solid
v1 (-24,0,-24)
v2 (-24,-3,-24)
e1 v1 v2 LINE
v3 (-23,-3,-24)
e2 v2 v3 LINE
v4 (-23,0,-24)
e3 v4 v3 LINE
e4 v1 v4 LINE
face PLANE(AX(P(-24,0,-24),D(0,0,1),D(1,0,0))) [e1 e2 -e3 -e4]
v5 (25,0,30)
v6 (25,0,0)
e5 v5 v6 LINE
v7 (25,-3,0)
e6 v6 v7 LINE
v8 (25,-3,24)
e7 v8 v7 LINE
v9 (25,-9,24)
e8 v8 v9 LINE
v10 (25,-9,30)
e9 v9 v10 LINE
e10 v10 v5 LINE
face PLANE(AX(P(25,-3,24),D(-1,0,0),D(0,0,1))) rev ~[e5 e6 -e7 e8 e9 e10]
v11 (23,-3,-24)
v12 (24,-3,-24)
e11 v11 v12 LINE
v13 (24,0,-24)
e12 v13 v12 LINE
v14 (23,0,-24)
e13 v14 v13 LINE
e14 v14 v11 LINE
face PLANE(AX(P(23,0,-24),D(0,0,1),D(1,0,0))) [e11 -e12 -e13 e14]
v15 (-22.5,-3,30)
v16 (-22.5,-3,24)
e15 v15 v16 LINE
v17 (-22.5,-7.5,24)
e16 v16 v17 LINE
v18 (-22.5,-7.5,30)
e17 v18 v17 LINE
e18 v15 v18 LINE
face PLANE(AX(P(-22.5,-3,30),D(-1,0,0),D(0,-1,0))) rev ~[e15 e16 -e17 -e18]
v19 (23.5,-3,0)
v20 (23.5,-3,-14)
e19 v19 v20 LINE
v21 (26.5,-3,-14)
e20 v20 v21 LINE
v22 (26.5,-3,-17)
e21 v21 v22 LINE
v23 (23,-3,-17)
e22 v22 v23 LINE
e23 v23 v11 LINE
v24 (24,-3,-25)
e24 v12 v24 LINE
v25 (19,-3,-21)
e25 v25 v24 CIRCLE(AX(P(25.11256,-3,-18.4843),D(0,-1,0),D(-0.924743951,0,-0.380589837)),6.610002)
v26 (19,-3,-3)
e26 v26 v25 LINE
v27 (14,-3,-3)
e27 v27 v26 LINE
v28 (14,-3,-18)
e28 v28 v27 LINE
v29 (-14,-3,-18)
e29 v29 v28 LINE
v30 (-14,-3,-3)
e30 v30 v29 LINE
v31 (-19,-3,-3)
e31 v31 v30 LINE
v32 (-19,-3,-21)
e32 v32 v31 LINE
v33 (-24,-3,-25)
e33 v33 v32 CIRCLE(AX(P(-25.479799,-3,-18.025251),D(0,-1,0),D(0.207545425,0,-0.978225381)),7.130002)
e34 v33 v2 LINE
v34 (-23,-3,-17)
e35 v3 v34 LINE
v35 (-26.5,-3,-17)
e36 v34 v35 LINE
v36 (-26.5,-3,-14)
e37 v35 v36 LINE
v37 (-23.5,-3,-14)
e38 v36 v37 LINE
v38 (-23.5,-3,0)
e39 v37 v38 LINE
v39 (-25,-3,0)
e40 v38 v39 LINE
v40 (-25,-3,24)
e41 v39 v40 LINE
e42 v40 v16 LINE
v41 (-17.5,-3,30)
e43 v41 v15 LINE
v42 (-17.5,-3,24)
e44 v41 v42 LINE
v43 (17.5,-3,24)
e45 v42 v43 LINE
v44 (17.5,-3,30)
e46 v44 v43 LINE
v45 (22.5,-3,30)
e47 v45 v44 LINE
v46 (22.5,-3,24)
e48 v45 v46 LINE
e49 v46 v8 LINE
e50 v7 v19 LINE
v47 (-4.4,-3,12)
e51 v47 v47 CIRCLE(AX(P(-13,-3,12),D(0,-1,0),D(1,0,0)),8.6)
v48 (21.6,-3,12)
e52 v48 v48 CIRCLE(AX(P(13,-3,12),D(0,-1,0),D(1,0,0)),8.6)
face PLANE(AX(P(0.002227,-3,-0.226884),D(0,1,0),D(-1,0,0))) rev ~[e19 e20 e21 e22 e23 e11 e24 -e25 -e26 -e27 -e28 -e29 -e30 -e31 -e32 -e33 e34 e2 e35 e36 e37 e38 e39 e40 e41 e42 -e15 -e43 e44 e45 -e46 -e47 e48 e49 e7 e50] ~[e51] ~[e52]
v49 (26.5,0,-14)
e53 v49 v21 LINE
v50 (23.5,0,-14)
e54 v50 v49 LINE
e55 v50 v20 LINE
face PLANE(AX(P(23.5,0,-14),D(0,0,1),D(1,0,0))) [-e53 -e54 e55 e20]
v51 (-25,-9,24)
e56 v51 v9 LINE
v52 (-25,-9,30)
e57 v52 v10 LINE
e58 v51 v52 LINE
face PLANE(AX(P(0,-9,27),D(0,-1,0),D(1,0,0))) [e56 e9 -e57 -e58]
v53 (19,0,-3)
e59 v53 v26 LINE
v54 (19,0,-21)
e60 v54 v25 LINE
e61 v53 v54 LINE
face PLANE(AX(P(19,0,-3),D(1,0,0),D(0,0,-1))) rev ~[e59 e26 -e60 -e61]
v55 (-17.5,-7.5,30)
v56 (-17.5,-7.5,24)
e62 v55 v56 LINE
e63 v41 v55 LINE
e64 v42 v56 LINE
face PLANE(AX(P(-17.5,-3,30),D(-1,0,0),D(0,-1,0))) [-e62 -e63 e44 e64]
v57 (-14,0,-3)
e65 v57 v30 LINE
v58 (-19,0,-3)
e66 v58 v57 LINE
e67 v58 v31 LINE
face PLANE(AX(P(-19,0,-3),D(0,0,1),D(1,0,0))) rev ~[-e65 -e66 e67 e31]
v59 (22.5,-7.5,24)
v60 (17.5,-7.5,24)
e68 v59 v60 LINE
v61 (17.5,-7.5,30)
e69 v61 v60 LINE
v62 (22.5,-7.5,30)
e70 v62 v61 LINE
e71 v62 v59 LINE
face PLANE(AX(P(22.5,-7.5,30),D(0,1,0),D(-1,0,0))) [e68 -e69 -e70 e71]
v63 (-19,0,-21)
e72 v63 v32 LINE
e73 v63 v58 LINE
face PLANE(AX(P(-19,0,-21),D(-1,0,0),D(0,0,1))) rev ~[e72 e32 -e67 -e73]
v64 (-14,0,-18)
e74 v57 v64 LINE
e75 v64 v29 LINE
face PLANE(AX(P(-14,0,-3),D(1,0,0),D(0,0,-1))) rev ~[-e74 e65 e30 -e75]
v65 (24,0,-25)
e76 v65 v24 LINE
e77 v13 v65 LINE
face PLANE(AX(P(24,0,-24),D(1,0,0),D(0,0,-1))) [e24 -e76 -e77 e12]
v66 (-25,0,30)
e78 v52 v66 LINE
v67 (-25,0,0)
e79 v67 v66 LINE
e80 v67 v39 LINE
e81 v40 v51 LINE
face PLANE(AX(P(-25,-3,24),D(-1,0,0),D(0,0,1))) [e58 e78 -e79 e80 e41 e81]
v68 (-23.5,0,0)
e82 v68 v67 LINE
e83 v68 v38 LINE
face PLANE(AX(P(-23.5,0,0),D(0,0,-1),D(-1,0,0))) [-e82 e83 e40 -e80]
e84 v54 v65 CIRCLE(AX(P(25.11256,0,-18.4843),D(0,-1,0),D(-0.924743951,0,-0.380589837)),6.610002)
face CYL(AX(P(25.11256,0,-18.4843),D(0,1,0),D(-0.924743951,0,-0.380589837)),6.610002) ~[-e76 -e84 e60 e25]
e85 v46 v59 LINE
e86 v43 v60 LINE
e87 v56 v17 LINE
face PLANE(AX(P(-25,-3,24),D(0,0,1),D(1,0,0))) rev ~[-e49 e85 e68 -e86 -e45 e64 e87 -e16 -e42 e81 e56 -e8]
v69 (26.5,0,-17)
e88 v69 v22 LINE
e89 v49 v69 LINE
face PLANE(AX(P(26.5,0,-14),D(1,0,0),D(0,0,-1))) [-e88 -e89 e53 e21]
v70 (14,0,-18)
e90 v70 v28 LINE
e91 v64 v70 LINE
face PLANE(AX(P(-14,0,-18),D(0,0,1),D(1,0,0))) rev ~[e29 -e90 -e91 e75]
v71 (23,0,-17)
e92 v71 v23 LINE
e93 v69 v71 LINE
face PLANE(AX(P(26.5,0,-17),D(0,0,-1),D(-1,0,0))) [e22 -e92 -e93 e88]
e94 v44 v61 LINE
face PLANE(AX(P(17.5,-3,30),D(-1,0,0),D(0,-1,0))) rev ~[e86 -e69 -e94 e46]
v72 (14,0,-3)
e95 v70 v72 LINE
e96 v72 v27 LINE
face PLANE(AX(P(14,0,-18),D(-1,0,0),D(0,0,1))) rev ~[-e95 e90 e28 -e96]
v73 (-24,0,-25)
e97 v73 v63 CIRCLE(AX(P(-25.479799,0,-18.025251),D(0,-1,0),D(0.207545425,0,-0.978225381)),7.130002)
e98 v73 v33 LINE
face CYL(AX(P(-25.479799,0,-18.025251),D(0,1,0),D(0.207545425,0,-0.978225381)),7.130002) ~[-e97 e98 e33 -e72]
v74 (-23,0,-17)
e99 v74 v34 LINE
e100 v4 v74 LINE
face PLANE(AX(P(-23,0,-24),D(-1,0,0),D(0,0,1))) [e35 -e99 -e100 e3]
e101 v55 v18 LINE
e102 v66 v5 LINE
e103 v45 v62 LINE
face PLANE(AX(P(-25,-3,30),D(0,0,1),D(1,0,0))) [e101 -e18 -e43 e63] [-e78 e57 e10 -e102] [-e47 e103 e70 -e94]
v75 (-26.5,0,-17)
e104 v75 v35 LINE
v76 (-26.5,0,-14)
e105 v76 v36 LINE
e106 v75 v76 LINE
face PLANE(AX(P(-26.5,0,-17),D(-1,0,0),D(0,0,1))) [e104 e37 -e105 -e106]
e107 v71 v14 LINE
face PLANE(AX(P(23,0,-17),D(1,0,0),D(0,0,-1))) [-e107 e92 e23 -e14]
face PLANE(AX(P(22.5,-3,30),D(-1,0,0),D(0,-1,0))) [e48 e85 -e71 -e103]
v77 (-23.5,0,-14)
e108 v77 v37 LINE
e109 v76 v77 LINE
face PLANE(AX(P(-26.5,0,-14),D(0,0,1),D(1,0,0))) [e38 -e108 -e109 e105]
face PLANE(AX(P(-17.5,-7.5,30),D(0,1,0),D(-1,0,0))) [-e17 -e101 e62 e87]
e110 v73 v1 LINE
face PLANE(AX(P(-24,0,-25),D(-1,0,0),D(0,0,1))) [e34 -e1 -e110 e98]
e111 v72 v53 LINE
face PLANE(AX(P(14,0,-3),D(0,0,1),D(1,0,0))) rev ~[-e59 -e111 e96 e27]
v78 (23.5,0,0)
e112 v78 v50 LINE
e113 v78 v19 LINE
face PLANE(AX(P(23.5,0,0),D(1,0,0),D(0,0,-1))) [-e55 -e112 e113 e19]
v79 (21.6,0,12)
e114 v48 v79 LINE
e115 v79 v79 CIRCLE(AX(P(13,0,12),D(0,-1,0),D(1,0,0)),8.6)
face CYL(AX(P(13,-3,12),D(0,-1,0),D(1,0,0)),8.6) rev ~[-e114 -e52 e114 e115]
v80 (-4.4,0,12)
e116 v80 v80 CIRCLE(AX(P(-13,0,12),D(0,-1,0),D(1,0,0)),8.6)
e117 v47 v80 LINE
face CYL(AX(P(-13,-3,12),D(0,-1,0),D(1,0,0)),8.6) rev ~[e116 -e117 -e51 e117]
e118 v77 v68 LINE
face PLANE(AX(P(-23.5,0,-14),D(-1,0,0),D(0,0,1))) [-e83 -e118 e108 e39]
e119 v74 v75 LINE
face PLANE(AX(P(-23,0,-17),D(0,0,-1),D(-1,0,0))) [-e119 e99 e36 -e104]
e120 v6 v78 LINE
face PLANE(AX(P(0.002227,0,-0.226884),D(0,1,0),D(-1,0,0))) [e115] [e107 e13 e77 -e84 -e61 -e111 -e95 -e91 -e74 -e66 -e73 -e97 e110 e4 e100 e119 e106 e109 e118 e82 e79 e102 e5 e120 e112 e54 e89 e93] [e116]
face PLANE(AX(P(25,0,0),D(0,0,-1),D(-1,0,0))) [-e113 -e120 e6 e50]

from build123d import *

# Parameters (mm, degrees)
PAD_DEPTH       = 3
SKETCH001_R     = 8.6
POCKET_DEPTH    = 3.001
SKETCH002_W     = 50
SKETCH002_H     = 6
PAD001_DEPTH    = 6
SKETCH003_W     = 5
SKETCH003_H     = 4.5
POCKET001_DEPTH = 6


with BuildPart() as part:
    # Sketch → Pad (new body)
    with BuildSketch(Plane.XZ):
        with BuildLine():
            Line((-24, -25), (-24, -24))
            Line((-24, -24), (-23, -24))
            Line((-23, -24), (-23, -17))
            Line((-23, -17), (-26.5, -17))
            Line((-26.5, -17), (-26.5, -14))
            Line((-26.5, -14), (-23.5, -14))
            Line((-23.5, -14), (-23.5, 0))
            Line((-23.5, 0), (-25, 0))
            Line((-25, 0), (-25, 30))
            Line((-25, 30), (25, 30))
            Line((25, 30), (25, 0))
            Line((25, 0), (23.5, 0))
            Line((23.5, 0), (23.5, -14))
            Line((23.5, -14), (26.5, -14))
            Line((26.5, -14), (26.5, -17))
            Line((26.5, -17), (23, -17))
            Line((23, -17), (23, -24))
            Line((23, -24), (24, -24))
            Line((24, -24), (24, -25))
            ThreePointArc((19, -21), (20.983324, -23.645845), (24, -25))
            Line((19, -3), (19, -21))
            Line((14, -3), (19, -3))
            Line((14, -18), (14, -3))
            Line((-14, -18), (14, -18))
            Line((-14, -3), (-14, -18))
            Line((-19, -3), (-14, -3))
            Line((-19, -21), (-19, -3))
            ThreePointArc((-24, -25), (-21.025722, -23.592847), (-19, -21))
        make_face()
    extrude(amount=PAD_DEPTH)

    # Sketch001 (on Face30 of Pad) → Pocket (cut, through all)
    with BuildSketch(Plane.XZ.offset(3)):
        with Locations((-13, 12)):
            Circle(SKETCH001_R)
        with Locations((13, 12)):
            Circle(SKETCH001_R)
    extrude(amount=-POCKET_DEPTH, mode=Mode.SUBTRACT)

    # Sketch002 (on Face5 of Pocket) → Pad001 (join)
    with BuildSketch(Plane.XZ.offset(3)):
        with Locations((0, 27)):
            Rectangle(SKETCH002_W, SKETCH002_H)
    extrude(amount=PAD001_DEPTH)

    # Sketch003 (on Face35 of Pad001) → Pocket001 (cut)
    with BuildSketch(Plane(origin=(0, 0, 30), x_dir=(-1, 0, 0), z_dir=(0, 0, 1))):
        with Locations((-20, 5.25)):
            Rectangle(SKETCH003_W, SKETCH003_H)
        with Locations((20, 5.25)):
            Rectangle(SKETCH003_W, SKETCH003_H)
    extrude(amount=-POCKET001_DEPTH, mode=Mode.SUBTRACT)


solid = part.part
